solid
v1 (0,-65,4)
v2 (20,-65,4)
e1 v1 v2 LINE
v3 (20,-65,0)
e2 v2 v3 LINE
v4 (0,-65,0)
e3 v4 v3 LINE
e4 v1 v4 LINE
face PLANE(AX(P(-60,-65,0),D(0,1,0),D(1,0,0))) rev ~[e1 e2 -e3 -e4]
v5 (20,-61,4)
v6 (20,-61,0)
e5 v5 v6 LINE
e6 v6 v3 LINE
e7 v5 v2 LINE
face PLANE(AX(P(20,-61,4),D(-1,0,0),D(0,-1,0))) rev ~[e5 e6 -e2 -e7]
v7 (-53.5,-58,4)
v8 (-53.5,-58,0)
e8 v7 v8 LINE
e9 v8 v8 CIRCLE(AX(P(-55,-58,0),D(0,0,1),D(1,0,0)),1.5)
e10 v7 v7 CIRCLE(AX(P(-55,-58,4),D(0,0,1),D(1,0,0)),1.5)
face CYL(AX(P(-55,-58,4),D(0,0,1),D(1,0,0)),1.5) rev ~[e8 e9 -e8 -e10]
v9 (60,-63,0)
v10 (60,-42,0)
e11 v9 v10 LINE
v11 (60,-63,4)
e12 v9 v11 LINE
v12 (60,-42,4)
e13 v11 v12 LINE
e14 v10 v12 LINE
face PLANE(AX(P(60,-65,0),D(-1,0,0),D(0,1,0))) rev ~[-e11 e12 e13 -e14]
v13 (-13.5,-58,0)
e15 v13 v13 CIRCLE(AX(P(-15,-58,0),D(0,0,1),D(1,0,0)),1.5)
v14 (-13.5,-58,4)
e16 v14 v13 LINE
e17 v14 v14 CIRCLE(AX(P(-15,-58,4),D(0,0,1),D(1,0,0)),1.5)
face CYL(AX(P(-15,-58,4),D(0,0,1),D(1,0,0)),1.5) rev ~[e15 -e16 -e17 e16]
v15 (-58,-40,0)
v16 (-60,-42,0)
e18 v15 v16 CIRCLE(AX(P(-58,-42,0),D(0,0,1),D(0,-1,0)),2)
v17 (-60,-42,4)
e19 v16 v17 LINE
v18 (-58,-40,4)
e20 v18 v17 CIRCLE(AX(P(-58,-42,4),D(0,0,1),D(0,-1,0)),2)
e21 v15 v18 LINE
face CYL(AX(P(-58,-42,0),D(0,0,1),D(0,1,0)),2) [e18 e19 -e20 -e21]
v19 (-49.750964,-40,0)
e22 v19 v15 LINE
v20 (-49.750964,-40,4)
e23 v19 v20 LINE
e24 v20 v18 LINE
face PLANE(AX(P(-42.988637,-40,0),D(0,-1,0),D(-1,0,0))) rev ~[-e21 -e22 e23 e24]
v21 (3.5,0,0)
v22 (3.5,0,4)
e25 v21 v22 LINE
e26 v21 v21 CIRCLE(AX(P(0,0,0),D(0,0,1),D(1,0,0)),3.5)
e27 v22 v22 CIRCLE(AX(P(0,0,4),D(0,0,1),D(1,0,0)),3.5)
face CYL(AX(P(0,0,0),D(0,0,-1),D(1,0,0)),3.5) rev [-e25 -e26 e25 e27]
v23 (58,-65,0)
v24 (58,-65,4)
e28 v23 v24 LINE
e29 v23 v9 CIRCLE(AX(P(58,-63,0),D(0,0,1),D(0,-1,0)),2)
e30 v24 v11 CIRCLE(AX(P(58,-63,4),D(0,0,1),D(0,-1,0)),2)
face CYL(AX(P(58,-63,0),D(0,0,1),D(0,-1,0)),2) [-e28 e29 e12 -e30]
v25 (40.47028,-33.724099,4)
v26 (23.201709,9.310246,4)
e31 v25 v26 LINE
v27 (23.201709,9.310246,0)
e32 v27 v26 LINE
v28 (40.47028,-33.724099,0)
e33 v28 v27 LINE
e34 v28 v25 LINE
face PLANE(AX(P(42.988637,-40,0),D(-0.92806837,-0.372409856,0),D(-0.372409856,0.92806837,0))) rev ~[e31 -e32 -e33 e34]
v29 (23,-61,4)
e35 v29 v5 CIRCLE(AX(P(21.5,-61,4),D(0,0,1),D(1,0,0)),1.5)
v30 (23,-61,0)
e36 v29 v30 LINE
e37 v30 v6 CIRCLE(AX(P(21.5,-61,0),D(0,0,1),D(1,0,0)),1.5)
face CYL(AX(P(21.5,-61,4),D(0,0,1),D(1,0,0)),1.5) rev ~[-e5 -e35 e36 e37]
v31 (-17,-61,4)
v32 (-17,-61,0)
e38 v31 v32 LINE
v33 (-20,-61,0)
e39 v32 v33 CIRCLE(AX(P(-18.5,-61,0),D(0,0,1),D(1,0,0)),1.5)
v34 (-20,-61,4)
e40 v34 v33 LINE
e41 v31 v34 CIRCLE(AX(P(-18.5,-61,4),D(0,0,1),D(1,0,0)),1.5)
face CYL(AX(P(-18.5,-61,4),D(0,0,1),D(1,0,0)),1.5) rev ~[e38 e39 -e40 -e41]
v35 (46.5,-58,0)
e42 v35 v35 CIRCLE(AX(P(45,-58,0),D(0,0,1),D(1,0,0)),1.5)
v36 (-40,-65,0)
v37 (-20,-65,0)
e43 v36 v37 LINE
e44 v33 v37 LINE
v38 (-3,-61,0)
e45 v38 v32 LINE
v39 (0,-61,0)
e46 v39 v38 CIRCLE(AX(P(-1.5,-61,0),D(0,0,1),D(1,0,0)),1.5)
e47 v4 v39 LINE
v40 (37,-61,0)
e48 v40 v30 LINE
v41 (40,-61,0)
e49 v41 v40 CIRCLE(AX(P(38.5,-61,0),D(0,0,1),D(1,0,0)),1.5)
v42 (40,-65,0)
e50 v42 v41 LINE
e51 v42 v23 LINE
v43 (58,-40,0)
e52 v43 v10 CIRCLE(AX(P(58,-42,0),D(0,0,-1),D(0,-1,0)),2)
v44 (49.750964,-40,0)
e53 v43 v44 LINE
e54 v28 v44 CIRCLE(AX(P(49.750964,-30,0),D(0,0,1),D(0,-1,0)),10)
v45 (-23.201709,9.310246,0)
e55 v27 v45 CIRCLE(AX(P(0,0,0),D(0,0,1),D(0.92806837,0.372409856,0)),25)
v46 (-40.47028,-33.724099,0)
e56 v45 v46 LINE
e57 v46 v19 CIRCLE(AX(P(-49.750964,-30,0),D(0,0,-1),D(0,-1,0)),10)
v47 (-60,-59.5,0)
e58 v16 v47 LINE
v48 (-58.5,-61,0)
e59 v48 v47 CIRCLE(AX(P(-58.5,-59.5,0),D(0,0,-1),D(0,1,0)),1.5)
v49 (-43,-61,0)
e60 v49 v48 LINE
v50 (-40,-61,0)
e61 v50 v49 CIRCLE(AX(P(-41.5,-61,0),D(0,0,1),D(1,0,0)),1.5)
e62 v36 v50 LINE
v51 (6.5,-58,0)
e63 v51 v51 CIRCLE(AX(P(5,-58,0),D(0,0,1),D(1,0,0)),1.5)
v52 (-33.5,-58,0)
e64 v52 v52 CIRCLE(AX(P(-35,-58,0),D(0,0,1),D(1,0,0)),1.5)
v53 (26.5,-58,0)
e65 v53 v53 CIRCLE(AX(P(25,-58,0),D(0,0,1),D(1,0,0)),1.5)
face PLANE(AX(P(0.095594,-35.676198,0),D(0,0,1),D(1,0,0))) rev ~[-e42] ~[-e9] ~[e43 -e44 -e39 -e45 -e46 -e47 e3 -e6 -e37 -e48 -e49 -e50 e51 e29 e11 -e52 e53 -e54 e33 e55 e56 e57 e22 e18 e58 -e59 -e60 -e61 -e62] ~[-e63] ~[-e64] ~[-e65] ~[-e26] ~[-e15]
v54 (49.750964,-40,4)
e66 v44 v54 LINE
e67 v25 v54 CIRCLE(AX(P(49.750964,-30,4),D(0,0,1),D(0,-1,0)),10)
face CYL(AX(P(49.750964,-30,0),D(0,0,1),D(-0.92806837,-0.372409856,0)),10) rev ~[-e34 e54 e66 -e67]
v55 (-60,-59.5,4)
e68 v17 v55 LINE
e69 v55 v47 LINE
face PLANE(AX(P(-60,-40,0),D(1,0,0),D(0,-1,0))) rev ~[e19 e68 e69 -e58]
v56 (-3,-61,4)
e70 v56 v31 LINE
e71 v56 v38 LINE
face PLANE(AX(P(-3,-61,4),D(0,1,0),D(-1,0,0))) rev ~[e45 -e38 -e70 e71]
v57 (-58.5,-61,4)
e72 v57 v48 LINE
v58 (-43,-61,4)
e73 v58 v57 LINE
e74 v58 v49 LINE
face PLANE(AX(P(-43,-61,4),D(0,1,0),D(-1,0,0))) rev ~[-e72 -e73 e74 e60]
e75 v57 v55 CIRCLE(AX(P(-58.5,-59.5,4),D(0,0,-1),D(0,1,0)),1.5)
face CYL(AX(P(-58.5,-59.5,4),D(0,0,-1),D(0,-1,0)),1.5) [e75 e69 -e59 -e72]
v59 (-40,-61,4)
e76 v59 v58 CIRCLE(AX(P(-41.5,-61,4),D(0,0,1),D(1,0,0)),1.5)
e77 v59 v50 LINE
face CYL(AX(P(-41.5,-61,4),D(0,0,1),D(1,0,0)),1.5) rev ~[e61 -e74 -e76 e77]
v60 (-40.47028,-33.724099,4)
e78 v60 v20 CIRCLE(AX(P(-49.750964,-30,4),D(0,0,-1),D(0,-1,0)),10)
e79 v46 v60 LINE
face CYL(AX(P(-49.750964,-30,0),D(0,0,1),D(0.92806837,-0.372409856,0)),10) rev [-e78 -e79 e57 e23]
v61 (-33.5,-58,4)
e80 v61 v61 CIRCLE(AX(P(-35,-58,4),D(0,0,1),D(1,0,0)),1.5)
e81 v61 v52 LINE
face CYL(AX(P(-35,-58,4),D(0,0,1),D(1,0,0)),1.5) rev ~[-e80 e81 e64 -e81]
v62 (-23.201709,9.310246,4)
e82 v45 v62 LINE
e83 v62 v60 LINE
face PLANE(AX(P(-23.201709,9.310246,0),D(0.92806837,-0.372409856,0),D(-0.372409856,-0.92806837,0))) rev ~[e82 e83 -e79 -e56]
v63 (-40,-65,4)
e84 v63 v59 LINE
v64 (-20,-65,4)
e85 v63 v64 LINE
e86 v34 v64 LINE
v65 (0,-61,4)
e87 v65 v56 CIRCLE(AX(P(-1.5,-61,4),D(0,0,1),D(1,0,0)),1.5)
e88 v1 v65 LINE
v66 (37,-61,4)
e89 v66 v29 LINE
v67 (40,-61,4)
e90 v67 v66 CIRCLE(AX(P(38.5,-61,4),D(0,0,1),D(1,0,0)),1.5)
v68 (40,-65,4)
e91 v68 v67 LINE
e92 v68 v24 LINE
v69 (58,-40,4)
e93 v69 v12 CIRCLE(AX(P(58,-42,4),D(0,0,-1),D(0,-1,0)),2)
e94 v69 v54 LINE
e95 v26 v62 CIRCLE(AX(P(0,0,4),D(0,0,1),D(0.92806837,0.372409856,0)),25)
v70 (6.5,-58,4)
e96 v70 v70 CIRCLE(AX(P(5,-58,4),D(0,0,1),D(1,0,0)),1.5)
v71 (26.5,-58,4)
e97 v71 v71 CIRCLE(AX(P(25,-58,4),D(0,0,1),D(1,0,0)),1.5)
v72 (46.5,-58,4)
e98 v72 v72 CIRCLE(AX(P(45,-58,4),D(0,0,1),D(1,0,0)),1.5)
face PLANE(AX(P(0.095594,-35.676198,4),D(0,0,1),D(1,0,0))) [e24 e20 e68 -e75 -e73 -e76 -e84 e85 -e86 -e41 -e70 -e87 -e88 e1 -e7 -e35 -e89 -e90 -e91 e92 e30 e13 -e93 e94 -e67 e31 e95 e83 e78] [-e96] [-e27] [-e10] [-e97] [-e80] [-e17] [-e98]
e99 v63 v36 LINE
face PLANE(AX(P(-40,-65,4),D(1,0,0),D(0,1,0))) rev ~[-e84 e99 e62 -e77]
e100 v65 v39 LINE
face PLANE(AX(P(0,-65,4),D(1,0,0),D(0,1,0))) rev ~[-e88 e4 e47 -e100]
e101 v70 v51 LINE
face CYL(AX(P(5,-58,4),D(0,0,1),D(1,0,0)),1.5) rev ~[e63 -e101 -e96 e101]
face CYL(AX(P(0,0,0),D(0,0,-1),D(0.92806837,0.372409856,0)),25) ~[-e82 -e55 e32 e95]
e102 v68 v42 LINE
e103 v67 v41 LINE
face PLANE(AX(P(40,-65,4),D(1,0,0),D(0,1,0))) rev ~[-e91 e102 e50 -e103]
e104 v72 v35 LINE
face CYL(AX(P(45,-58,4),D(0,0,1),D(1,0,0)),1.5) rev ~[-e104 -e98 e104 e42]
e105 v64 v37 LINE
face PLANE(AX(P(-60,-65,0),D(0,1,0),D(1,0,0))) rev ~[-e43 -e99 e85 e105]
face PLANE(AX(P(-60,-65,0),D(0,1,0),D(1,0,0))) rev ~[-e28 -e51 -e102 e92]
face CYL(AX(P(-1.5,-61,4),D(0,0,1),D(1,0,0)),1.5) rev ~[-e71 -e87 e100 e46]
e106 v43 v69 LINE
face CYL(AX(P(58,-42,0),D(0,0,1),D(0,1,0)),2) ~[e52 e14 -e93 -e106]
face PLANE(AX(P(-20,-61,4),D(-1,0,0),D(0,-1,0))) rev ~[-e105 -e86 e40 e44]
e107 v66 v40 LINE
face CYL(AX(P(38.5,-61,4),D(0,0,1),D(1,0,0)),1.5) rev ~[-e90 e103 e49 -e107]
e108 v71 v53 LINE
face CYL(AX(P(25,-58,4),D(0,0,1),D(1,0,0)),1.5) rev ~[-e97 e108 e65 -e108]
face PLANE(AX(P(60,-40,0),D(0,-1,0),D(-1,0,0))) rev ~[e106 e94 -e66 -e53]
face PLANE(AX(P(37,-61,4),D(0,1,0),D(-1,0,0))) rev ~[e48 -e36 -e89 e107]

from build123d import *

# Parameters (mm, degrees)
SKETCH_1_R          = 3.5
EXTRUDE_1_DEPTH     = 4
FILLET_1_R          = 10
FILLET_2_R          = 2
CUT_EXTRUDE_1_DEPTH = 10
FILLET_3_R          = 1.5
SKETCH_3_R          = 1.5
CUT_EXTRUDE_2_DEPTH = 4


with BuildPart() as part:
    # 草图1 → 凸台-拉伸1 (new body)
    # profile 1 of 2: a face of its own
    with BuildSketch(Plane.XY):
        with BuildLine():
            ThreePointArc((23.201709249, 9.310246395), (0, 25), (-23.201709249, 9.310246395))
            ThreePointArc((-23.201709249, 9.310246395), (-4.741163822, -24.546310631), (25, 0))
            ThreePointArc((25, 0), (24.546310631, 4.741163822), (23.201709249, 9.310246395))
        make_face()
        Circle(SKETCH_1_R, mode=Mode.SUBTRACT)
    # profile 2 of 2: a face of its own
    with BuildSketch(Plane.XY):
        with BuildLine():
            ThreePointArc((25, 0), (-4.741163822, -24.546310631), (-23.201709249, 9.310246395))
            Line((-23.201709249, 9.310246395), (-42.988636962, -40))
            Line((-42.988636962, -40), (-60, -40))
            Line((-60, -40), (-60, -65))
            Line((-60, -65), (60, -65))
            Line((60, -65), (60, -40))
            Line((60, -40), (42.988636962, -40))
            Line((42.988636962, -40), (23.201709249, 9.310246395))
            ThreePointArc((23.201709249, 9.310246395), (24.546310631, 4.741163822), (25, 0))
        make_face()
    extrude(amount=EXTRUDE_1_DEPTH)

    # 圆角1
    fillet_1_edges = [part.edges().sort_by_distance(p)[0] for p in [
        (42.988636962, -40, 2),
        (-42.988636962, -40, 2),
    ]]
    fillet(fillet_1_edges, radius=FILLET_1_R)

    # 圆角2
    fillet_2_edges = [part.edges().sort_by_distance(p)[0] for p in [
        (60, -40, 2),
        (60, -65, 2),
        (-60, -65, 2),
        (-60, -40, 2),
    ]]
    fillet(fillet_2_edges, radius=FILLET_2_R)

    # 草图2 → 切除-拉伸1 (cut)
    with BuildSketch(Plane.XY.offset(4)):
        with BuildLine():
            Line((-43, -61), (-40, -61))
            ThreePointArc((-40, -61), (-41.5, -59.5), (-43, -61))
        make_face()
        with BuildLine():
            ThreePointArc((-60, -63), (-59.414213562, -64.414213562), (-58, -65))
            Line((-58, -65), (-40, -65))
            Line((-40, -65), (-40, -61))
            Line((-40, -61), (-43, -61))
            Line((-43, -61), (-60, -61))
            Line((-60, -61), (-60, -63))
        make_face()
        with BuildLine():
            ThreePointArc((-17, -61), (-18.5, -59.5), (-20, -61))
            Line((-20, -61), (-17, -61))
        make_face()
        Polygon((-20, -61), (-20, -65), (0, -65), (0, -61), (-3, -61), (-17, -61), align=None)
        with BuildLine():
            Line((-3, -61), (0, -61))
            ThreePointArc((0, -61), (-1.5, -59.5), (-3, -61))
        make_face()
        with BuildLine():
            ThreePointArc((23, -61), (21.5, -59.5), (20, -61))
            Line((20, -61), (23, -61))
        make_face()
        Polygon((20, -61), (20, -65), (40, -65), (40, -61), (37, -61), (23, -61), align=None)
        with BuildLine():
            Line((37, -61), (40, -61))
            ThreePointArc((40, -61), (38.5, -59.5), (37, -61))
        make_face()
    extrude(amount=-CUT_EXTRUDE_1_DEPTH, mode=Mode.SUBTRACT)

    # 圆角3
    fillet_3_edges = [part.edges().sort_by_distance(p)[0] for p in [
        (-60, -61, 2),
    ]]
    fillet(fillet_3_edges, radius=FILLET_3_R)

    # 草图3 → 切除-拉伸2 (cut)
    with BuildSketch(Plane.XY.offset(4)):
        with Locations((-55, -58)):
            Circle(SKETCH_3_R)
        with Locations((-35, -58)):
            Circle(SKETCH_3_R)
        with Locations((-15, -58)):
            Circle(SKETCH_3_R)
        with Locations((5, -58)):
            Circle(SKETCH_3_R)
        with Locations((25, -58)):
            Circle(SKETCH_3_R)
        with Locations((45, -58)):
            Circle(SKETCH_3_R)
    extrude(amount=-CUT_EXTRUDE_2_DEPTH, mode=Mode.SUBTRACT)


solid = part.part
